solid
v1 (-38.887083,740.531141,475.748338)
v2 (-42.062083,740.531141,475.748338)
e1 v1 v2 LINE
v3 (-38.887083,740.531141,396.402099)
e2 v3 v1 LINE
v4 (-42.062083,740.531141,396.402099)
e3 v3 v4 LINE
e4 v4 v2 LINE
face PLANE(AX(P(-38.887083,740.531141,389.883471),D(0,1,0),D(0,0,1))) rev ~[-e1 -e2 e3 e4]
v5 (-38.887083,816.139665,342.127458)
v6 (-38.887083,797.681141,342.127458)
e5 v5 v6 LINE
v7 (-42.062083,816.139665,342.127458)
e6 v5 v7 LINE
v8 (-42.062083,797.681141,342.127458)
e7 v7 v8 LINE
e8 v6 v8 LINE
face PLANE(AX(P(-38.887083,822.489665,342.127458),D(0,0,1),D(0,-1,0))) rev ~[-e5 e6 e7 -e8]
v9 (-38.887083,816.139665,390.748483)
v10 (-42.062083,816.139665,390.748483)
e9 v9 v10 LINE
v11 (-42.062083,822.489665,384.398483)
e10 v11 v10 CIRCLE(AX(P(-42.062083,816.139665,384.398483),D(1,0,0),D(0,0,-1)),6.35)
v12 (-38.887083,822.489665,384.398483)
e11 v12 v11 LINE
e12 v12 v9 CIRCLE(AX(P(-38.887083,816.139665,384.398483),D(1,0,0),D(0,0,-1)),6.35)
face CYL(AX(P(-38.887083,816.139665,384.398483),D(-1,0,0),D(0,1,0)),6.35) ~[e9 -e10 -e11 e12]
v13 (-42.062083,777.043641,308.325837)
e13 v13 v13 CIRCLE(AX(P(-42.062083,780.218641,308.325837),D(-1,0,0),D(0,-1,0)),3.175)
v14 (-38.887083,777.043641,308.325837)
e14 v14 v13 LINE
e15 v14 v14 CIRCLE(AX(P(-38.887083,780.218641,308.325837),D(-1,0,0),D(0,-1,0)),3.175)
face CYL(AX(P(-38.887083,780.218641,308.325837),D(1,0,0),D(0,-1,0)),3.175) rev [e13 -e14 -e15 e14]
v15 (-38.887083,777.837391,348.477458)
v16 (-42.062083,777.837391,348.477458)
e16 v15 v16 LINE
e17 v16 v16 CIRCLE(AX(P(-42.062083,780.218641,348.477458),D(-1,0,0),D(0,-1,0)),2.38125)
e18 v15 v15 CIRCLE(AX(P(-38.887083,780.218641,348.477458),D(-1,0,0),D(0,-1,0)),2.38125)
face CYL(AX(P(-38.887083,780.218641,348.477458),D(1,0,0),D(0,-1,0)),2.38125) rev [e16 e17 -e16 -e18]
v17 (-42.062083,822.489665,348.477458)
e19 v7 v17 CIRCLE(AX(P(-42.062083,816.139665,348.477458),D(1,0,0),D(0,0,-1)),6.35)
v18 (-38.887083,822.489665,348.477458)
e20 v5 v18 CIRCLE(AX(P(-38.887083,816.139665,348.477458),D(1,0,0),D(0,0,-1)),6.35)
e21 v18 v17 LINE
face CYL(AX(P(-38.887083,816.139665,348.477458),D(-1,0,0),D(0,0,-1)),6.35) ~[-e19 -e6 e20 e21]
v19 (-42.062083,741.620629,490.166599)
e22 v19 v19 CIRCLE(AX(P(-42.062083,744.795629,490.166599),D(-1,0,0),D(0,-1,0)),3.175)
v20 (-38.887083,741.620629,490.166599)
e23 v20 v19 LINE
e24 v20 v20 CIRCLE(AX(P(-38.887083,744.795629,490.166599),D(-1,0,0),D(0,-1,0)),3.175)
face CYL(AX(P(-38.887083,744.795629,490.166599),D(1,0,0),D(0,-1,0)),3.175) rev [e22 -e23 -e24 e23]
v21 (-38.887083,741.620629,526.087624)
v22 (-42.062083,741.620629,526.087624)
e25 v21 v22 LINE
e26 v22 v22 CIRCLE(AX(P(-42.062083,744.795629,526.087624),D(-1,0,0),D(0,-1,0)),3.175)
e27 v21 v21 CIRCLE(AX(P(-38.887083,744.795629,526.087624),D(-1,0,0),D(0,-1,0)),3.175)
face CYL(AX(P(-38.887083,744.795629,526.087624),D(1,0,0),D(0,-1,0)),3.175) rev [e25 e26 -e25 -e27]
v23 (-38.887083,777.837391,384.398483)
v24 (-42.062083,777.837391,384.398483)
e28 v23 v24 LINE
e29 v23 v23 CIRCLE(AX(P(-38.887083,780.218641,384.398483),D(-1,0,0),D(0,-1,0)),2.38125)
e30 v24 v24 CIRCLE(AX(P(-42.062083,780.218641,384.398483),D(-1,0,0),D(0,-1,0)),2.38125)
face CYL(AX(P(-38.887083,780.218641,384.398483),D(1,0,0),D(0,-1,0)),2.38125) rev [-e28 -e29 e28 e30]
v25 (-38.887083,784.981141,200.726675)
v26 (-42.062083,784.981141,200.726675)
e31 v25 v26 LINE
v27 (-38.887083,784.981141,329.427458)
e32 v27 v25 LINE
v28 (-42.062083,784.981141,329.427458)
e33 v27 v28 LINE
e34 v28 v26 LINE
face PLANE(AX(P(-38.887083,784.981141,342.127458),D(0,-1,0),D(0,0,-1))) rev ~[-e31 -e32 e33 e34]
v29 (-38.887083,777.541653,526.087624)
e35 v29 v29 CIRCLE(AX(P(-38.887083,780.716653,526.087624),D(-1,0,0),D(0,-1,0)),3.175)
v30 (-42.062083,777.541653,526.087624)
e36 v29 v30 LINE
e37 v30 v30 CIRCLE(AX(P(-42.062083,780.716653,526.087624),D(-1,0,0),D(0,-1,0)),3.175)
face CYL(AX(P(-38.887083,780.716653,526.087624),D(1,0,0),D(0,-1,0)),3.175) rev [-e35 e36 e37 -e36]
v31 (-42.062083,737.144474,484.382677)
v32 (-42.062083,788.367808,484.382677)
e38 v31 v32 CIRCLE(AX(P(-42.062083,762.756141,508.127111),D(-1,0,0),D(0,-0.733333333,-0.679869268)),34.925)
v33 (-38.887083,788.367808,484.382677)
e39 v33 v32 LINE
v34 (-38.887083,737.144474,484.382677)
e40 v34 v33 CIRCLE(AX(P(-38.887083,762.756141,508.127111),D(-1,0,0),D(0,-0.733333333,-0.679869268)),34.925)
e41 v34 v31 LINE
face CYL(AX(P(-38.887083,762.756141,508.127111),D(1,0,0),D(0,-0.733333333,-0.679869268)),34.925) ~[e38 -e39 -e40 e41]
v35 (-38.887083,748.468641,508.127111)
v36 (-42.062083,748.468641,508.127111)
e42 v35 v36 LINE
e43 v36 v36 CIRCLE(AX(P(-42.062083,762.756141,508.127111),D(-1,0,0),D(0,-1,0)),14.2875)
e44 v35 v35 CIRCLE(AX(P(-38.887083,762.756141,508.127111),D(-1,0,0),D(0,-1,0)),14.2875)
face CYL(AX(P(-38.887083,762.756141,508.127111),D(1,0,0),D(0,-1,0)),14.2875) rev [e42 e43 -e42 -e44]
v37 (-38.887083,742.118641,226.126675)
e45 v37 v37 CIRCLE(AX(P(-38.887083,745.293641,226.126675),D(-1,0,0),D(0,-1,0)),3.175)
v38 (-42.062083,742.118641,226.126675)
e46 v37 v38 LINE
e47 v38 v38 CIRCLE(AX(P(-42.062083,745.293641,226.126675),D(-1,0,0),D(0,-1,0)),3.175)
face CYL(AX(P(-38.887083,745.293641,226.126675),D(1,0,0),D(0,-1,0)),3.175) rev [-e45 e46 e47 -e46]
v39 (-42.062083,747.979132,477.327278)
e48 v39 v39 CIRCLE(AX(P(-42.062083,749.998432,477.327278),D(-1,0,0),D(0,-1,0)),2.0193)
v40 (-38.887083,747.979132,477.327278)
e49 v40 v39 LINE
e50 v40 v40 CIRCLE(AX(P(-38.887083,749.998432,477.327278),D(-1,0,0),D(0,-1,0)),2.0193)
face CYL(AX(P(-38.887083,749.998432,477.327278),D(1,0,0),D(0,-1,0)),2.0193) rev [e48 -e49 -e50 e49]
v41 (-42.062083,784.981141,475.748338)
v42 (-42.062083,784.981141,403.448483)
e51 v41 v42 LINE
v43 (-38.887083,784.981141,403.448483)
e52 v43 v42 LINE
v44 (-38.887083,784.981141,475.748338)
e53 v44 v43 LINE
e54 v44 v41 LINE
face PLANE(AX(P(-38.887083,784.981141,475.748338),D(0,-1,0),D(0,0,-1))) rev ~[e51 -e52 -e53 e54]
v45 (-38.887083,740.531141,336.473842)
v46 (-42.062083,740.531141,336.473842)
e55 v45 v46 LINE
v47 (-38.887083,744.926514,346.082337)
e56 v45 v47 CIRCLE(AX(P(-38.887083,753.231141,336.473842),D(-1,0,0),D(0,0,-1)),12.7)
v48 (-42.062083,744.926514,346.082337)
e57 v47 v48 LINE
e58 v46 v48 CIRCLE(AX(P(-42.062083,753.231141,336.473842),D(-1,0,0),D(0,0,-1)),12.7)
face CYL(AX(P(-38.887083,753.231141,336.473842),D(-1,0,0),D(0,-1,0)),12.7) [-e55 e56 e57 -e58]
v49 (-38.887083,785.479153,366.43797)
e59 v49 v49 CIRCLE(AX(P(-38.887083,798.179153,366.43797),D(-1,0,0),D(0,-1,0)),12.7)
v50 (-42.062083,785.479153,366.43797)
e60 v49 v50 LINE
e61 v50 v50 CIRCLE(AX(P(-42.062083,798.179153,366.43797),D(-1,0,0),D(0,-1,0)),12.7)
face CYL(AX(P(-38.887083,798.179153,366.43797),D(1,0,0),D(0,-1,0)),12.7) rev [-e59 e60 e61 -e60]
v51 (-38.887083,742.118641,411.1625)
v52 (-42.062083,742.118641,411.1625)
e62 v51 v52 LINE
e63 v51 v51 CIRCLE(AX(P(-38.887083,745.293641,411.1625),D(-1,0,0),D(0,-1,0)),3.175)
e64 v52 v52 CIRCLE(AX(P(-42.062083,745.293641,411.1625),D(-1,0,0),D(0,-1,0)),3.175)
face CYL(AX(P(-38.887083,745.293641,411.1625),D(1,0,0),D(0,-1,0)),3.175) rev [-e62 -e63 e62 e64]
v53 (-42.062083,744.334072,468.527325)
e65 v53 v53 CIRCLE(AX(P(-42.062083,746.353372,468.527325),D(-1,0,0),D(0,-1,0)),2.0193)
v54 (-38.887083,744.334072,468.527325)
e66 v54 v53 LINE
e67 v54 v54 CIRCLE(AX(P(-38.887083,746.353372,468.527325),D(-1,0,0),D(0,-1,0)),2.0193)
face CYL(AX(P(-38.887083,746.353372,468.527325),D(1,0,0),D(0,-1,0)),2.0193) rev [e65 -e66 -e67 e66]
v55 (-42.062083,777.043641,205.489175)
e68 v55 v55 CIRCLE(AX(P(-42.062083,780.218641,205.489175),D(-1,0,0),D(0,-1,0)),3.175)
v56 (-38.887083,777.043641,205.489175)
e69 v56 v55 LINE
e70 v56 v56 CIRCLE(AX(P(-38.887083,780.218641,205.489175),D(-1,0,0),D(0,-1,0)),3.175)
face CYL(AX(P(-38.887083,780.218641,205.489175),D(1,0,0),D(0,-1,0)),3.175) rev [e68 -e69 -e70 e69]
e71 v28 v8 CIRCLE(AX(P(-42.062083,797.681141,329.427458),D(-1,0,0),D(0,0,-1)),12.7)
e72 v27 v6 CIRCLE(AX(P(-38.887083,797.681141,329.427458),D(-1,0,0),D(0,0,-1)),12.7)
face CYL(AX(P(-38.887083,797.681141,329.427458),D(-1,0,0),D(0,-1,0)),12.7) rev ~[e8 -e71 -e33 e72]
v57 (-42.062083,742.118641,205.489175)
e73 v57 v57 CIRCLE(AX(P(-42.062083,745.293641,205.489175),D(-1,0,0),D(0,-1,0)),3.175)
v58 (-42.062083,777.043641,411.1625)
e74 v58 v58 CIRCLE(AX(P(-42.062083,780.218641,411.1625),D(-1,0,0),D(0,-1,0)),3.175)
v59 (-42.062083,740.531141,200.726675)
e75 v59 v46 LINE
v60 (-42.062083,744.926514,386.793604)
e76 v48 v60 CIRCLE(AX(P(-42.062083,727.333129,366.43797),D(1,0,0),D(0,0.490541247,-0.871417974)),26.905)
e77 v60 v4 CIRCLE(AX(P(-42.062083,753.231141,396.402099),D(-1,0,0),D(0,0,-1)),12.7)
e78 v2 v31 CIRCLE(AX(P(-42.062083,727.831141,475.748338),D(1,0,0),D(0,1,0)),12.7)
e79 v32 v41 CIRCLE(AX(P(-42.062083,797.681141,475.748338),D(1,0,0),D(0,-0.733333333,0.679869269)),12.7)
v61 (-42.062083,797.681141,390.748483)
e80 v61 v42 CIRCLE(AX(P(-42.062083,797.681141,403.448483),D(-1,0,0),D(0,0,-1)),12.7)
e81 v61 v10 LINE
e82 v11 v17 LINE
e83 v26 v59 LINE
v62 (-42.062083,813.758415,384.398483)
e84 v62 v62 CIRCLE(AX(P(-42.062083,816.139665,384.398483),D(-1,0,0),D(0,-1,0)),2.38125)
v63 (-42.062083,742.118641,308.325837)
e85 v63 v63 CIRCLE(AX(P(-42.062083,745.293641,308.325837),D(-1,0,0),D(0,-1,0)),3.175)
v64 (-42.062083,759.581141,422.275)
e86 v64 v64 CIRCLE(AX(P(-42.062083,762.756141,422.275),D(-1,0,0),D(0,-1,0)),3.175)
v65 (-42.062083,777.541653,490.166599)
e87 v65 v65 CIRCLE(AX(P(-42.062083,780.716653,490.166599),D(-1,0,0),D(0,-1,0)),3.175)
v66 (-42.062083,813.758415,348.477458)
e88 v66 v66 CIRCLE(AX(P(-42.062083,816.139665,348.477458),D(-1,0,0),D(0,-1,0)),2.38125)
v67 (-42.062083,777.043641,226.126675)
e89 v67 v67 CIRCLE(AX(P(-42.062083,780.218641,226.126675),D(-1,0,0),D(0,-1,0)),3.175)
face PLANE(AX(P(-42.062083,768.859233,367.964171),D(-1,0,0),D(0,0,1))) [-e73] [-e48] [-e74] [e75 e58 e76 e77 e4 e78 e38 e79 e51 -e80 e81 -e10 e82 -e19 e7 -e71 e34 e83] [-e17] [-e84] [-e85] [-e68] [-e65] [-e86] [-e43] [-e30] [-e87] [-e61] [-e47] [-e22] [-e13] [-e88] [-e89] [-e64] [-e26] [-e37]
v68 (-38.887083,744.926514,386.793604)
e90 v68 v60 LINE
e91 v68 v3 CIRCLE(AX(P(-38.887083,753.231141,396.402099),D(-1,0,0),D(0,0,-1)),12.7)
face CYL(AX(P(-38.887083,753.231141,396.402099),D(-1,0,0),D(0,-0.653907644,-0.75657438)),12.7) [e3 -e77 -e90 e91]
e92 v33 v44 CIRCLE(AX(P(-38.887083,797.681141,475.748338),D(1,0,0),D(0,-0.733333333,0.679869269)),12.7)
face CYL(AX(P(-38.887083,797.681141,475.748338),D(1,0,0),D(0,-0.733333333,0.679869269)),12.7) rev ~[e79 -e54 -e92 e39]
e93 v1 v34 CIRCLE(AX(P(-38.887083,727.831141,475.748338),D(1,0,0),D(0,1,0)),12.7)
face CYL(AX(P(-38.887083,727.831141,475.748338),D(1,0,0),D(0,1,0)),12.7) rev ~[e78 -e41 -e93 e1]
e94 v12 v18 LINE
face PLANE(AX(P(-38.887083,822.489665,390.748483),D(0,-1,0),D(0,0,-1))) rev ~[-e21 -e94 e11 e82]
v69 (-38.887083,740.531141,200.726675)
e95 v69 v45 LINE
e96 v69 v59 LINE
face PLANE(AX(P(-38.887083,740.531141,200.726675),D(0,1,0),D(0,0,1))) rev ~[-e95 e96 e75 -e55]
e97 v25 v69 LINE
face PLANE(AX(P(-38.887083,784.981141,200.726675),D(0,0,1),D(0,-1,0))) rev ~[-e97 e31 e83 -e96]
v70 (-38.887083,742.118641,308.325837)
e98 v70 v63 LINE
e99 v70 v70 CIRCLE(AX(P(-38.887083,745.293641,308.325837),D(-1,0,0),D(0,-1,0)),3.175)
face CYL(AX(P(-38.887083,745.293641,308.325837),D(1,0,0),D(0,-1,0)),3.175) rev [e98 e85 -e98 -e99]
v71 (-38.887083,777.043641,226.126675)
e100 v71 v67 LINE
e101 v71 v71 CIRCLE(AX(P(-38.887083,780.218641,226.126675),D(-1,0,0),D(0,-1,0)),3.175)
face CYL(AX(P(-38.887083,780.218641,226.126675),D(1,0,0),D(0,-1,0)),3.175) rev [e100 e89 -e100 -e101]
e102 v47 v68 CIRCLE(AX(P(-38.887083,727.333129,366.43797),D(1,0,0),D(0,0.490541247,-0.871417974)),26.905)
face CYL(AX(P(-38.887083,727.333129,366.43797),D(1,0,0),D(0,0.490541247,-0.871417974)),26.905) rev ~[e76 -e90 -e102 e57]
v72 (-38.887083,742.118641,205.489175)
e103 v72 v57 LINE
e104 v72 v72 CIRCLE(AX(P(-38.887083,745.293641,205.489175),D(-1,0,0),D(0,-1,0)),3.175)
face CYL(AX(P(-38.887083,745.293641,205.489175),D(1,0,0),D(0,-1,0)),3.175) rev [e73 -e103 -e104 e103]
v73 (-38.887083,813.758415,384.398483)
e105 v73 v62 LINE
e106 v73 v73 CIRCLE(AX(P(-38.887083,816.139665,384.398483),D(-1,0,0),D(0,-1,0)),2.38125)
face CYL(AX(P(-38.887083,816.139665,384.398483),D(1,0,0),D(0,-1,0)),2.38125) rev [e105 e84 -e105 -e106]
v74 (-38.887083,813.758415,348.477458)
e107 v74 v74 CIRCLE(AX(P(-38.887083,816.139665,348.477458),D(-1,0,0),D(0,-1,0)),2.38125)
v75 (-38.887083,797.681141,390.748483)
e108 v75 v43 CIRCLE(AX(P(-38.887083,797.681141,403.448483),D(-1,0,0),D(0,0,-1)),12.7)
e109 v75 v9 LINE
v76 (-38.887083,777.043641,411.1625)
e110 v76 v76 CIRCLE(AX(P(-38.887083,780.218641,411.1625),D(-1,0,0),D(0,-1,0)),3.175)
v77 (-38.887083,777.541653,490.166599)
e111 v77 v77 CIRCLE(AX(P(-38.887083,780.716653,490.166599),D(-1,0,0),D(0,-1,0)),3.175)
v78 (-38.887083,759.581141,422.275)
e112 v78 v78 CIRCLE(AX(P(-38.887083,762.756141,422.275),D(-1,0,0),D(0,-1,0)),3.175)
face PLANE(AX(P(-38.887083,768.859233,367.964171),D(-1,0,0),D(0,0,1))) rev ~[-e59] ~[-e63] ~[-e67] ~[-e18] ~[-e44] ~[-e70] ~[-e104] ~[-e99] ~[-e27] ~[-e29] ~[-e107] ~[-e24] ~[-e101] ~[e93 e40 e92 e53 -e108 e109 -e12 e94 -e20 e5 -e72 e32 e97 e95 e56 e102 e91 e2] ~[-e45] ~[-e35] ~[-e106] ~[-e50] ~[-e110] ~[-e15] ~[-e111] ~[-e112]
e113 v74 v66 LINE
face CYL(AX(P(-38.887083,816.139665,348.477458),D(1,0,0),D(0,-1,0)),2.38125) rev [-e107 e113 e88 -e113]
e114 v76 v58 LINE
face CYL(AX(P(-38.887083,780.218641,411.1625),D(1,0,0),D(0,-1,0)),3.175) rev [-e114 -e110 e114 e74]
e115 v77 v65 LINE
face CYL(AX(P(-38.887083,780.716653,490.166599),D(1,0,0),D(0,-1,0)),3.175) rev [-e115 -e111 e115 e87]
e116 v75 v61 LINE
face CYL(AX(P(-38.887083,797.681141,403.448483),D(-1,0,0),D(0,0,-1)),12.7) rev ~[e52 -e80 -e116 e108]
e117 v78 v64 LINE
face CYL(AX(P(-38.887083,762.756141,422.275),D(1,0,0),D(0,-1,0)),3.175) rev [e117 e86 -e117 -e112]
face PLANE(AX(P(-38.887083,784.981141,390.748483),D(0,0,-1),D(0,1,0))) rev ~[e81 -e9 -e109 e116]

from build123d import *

# Parameters (mm, degrees)
SKETCH1_R           = 3.175
SKETCH1_R_2         = 2.38125
SKETCH1_R_3         = 12.7
SKETCH1_R_4         = 3.175000001
SKETCH1_R_5         = 2.0193
SKETCH1_R_6         = 14.287500001
BOSS_EXTRUDE1_DEPTH = 3.175
FILLET1_R           = 12.7
FILLET2_R           = 6.35


with BuildPart() as part:
    # Sketch1 → Boss-Extrude1 (new body)
    with BuildSketch(Plane.ZY.offset(38.887083386)):
        with BuildLine():
            Line((342.127458156, 784.981140976), (200.726675, 784.981140976))
            Line((200.726675, 784.981140976), (200.726675, 740.531140976))
            Line((200.726675, 740.531140976), (342.992469809, 740.531140976))
            ThreePointArc((342.992469809, 740.531140976), (366.437970398, 754.238128734), (389.883470986, 740.531140976))
            Line((389.883470986, 740.531140976), (475.74833758, 740.531140976))
            ThreePointArc((475.74833758, 740.531140976), (480.3857219, 739.654197546), (484.382677289, 737.144474309))
            ThreePointArc((484.382677289, 737.144474309), (543.052111491, 762.756140976), (484.382677289, 788.367807643))
            ThreePointArc((484.382677289, 788.367807643), (480.3857219, 785.858084405), (475.74833758, 784.981140976))
            Line((475.74833758, 784.981140976), (390.74848264, 784.981140976))
            Line((390.74848264, 784.981140976), (390.74848264, 822.48966546))
            Line((390.74848264, 822.48966546), (342.127458156, 822.48966546))
            Line((342.127458156, 822.48966546), (342.127458156, 784.981140976))
        make_face()
        with Locations(Location((226.126675, 745.293640976, 0), (0, 0, 270))):
            Circle(SKETCH1_R, mode=Mode.SUBTRACT)
        with Locations(Location((308.3258375, 745.293640976, 0), (0, 0, 270))):
            Circle(SKETCH1_R, mode=Mode.SUBTRACT)
        with Locations(Location((226.126675, 780.218640976, 0), (0, 0, 270))):
            Circle(SKETCH1_R, mode=Mode.SUBTRACT)
        with Locations(Location((308.3258375, 780.218640976, 0), (0, 0, 270))):
            Circle(SKETCH1_R, mode=Mode.SUBTRACT)
        with Locations(Location((205.489175, 780.218640976, 0), (0, 0, 270))):
            Circle(SKETCH1_R, mode=Mode.SUBTRACT)
        with Locations(Location((205.489175, 745.293640976, 0), (0, 0, 270))):
            Circle(SKETCH1_R, mode=Mode.SUBTRACT)
        with Locations(Location((384.39848264, 780.218640976, 0), (0, 0, 270))):
            Circle(SKETCH1_R_2, mode=Mode.SUBTRACT)
        with Locations(Location((348.477458156, 780.218640976, 0), (0, 0, 270))):
            Circle(SKETCH1_R_2, mode=Mode.SUBTRACT)
        with Locations(Location((384.39848264, 816.13966546, 0), (0, 0, 270))):
            Circle(SKETCH1_R_2, mode=Mode.SUBTRACT)
        with Locations(Location((366.437970398, 798.179153218, 0), (0, 0, 270))):
            Circle(SKETCH1_R_3, mode=Mode.SUBTRACT)
        with Locations(Location((348.477458156, 816.13966546, 0), (0, 0, 270))):
            Circle(SKETCH1_R_2, mode=Mode.SUBTRACT)
        with Locations(Location((411.1625, 780.218640976, 0), (0, 0, 270))):
            Circle(SKETCH1_R, mode=Mode.SUBTRACT)
        with Locations(Location((411.1625, 745.293640976, 0), (0, 0, 270))):
            Circle(SKETCH1_R, mode=Mode.SUBTRACT)
        with Locations(Location((526.087623733, 780.716653218, 0), (0, 0, 270))):
            Circle(SKETCH1_R_4, mode=Mode.SUBTRACT)
        with Locations(Location((490.166599249, 744.795628734, 0), (0, 0, 270))):
            Circle(SKETCH1_R_4, mode=Mode.SUBTRACT)
        with Locations(Location((468.527325029, 746.353372356, 0), (0, 0, 270))):
            Circle(SKETCH1_R_5, mode=Mode.SUBTRACT)
        with Locations(Location((477.327277576, 749.998432049, 0), (0, 0, 270))):
            Circle(SKETCH1_R_5, mode=Mode.SUBTRACT)
        with Locations(Location((526.087623733, 744.795628734, 0), (0, 0, 270))):
            Circle(SKETCH1_R_4, mode=Mode.SUBTRACT)
        with Locations(Location((422.275, 762.756140976, 0), (0, 0, 270))):
            Circle(SKETCH1_R, mode=Mode.SUBTRACT)
        with Locations(Location((508.127111491, 762.756140976, 0), (0, 0, 270))):
            Circle(SKETCH1_R_6, mode=Mode.SUBTRACT)
        with Locations(Location((490.166599249, 780.716653218, 0), (0, 0, 270))):
            Circle(SKETCH1_R_4, mode=Mode.SUBTRACT)
    extrude(amount=BOSS_EXTRUDE1_DEPTH)

    # Fillet1
    fillet1_edges = [part.edges().sort_by_distance(p)[0] for p in [
        (-40.474583386, 784.981140976, 342.127458156),
        (-40.474583386, 784.981140976, 390.74848264),
        (-40.474583386, 740.531140976, 389.883470986),
        (-40.474583386, 740.531140976, 342.992469809),
    ]]
    fillet(fillet1_edges, radius=FILLET1_R)

    # Fillet2
    fillet2_edges = [part.edges().sort_by_distance(p)[0] for p in [
        (-40.474583386, 822.48966546, 342.127458156),
        (-40.474583386, 822.48966546, 390.74848264),
    ]]
    fillet(fillet2_edges, radius=FILLET2_R)


solid = part.part
